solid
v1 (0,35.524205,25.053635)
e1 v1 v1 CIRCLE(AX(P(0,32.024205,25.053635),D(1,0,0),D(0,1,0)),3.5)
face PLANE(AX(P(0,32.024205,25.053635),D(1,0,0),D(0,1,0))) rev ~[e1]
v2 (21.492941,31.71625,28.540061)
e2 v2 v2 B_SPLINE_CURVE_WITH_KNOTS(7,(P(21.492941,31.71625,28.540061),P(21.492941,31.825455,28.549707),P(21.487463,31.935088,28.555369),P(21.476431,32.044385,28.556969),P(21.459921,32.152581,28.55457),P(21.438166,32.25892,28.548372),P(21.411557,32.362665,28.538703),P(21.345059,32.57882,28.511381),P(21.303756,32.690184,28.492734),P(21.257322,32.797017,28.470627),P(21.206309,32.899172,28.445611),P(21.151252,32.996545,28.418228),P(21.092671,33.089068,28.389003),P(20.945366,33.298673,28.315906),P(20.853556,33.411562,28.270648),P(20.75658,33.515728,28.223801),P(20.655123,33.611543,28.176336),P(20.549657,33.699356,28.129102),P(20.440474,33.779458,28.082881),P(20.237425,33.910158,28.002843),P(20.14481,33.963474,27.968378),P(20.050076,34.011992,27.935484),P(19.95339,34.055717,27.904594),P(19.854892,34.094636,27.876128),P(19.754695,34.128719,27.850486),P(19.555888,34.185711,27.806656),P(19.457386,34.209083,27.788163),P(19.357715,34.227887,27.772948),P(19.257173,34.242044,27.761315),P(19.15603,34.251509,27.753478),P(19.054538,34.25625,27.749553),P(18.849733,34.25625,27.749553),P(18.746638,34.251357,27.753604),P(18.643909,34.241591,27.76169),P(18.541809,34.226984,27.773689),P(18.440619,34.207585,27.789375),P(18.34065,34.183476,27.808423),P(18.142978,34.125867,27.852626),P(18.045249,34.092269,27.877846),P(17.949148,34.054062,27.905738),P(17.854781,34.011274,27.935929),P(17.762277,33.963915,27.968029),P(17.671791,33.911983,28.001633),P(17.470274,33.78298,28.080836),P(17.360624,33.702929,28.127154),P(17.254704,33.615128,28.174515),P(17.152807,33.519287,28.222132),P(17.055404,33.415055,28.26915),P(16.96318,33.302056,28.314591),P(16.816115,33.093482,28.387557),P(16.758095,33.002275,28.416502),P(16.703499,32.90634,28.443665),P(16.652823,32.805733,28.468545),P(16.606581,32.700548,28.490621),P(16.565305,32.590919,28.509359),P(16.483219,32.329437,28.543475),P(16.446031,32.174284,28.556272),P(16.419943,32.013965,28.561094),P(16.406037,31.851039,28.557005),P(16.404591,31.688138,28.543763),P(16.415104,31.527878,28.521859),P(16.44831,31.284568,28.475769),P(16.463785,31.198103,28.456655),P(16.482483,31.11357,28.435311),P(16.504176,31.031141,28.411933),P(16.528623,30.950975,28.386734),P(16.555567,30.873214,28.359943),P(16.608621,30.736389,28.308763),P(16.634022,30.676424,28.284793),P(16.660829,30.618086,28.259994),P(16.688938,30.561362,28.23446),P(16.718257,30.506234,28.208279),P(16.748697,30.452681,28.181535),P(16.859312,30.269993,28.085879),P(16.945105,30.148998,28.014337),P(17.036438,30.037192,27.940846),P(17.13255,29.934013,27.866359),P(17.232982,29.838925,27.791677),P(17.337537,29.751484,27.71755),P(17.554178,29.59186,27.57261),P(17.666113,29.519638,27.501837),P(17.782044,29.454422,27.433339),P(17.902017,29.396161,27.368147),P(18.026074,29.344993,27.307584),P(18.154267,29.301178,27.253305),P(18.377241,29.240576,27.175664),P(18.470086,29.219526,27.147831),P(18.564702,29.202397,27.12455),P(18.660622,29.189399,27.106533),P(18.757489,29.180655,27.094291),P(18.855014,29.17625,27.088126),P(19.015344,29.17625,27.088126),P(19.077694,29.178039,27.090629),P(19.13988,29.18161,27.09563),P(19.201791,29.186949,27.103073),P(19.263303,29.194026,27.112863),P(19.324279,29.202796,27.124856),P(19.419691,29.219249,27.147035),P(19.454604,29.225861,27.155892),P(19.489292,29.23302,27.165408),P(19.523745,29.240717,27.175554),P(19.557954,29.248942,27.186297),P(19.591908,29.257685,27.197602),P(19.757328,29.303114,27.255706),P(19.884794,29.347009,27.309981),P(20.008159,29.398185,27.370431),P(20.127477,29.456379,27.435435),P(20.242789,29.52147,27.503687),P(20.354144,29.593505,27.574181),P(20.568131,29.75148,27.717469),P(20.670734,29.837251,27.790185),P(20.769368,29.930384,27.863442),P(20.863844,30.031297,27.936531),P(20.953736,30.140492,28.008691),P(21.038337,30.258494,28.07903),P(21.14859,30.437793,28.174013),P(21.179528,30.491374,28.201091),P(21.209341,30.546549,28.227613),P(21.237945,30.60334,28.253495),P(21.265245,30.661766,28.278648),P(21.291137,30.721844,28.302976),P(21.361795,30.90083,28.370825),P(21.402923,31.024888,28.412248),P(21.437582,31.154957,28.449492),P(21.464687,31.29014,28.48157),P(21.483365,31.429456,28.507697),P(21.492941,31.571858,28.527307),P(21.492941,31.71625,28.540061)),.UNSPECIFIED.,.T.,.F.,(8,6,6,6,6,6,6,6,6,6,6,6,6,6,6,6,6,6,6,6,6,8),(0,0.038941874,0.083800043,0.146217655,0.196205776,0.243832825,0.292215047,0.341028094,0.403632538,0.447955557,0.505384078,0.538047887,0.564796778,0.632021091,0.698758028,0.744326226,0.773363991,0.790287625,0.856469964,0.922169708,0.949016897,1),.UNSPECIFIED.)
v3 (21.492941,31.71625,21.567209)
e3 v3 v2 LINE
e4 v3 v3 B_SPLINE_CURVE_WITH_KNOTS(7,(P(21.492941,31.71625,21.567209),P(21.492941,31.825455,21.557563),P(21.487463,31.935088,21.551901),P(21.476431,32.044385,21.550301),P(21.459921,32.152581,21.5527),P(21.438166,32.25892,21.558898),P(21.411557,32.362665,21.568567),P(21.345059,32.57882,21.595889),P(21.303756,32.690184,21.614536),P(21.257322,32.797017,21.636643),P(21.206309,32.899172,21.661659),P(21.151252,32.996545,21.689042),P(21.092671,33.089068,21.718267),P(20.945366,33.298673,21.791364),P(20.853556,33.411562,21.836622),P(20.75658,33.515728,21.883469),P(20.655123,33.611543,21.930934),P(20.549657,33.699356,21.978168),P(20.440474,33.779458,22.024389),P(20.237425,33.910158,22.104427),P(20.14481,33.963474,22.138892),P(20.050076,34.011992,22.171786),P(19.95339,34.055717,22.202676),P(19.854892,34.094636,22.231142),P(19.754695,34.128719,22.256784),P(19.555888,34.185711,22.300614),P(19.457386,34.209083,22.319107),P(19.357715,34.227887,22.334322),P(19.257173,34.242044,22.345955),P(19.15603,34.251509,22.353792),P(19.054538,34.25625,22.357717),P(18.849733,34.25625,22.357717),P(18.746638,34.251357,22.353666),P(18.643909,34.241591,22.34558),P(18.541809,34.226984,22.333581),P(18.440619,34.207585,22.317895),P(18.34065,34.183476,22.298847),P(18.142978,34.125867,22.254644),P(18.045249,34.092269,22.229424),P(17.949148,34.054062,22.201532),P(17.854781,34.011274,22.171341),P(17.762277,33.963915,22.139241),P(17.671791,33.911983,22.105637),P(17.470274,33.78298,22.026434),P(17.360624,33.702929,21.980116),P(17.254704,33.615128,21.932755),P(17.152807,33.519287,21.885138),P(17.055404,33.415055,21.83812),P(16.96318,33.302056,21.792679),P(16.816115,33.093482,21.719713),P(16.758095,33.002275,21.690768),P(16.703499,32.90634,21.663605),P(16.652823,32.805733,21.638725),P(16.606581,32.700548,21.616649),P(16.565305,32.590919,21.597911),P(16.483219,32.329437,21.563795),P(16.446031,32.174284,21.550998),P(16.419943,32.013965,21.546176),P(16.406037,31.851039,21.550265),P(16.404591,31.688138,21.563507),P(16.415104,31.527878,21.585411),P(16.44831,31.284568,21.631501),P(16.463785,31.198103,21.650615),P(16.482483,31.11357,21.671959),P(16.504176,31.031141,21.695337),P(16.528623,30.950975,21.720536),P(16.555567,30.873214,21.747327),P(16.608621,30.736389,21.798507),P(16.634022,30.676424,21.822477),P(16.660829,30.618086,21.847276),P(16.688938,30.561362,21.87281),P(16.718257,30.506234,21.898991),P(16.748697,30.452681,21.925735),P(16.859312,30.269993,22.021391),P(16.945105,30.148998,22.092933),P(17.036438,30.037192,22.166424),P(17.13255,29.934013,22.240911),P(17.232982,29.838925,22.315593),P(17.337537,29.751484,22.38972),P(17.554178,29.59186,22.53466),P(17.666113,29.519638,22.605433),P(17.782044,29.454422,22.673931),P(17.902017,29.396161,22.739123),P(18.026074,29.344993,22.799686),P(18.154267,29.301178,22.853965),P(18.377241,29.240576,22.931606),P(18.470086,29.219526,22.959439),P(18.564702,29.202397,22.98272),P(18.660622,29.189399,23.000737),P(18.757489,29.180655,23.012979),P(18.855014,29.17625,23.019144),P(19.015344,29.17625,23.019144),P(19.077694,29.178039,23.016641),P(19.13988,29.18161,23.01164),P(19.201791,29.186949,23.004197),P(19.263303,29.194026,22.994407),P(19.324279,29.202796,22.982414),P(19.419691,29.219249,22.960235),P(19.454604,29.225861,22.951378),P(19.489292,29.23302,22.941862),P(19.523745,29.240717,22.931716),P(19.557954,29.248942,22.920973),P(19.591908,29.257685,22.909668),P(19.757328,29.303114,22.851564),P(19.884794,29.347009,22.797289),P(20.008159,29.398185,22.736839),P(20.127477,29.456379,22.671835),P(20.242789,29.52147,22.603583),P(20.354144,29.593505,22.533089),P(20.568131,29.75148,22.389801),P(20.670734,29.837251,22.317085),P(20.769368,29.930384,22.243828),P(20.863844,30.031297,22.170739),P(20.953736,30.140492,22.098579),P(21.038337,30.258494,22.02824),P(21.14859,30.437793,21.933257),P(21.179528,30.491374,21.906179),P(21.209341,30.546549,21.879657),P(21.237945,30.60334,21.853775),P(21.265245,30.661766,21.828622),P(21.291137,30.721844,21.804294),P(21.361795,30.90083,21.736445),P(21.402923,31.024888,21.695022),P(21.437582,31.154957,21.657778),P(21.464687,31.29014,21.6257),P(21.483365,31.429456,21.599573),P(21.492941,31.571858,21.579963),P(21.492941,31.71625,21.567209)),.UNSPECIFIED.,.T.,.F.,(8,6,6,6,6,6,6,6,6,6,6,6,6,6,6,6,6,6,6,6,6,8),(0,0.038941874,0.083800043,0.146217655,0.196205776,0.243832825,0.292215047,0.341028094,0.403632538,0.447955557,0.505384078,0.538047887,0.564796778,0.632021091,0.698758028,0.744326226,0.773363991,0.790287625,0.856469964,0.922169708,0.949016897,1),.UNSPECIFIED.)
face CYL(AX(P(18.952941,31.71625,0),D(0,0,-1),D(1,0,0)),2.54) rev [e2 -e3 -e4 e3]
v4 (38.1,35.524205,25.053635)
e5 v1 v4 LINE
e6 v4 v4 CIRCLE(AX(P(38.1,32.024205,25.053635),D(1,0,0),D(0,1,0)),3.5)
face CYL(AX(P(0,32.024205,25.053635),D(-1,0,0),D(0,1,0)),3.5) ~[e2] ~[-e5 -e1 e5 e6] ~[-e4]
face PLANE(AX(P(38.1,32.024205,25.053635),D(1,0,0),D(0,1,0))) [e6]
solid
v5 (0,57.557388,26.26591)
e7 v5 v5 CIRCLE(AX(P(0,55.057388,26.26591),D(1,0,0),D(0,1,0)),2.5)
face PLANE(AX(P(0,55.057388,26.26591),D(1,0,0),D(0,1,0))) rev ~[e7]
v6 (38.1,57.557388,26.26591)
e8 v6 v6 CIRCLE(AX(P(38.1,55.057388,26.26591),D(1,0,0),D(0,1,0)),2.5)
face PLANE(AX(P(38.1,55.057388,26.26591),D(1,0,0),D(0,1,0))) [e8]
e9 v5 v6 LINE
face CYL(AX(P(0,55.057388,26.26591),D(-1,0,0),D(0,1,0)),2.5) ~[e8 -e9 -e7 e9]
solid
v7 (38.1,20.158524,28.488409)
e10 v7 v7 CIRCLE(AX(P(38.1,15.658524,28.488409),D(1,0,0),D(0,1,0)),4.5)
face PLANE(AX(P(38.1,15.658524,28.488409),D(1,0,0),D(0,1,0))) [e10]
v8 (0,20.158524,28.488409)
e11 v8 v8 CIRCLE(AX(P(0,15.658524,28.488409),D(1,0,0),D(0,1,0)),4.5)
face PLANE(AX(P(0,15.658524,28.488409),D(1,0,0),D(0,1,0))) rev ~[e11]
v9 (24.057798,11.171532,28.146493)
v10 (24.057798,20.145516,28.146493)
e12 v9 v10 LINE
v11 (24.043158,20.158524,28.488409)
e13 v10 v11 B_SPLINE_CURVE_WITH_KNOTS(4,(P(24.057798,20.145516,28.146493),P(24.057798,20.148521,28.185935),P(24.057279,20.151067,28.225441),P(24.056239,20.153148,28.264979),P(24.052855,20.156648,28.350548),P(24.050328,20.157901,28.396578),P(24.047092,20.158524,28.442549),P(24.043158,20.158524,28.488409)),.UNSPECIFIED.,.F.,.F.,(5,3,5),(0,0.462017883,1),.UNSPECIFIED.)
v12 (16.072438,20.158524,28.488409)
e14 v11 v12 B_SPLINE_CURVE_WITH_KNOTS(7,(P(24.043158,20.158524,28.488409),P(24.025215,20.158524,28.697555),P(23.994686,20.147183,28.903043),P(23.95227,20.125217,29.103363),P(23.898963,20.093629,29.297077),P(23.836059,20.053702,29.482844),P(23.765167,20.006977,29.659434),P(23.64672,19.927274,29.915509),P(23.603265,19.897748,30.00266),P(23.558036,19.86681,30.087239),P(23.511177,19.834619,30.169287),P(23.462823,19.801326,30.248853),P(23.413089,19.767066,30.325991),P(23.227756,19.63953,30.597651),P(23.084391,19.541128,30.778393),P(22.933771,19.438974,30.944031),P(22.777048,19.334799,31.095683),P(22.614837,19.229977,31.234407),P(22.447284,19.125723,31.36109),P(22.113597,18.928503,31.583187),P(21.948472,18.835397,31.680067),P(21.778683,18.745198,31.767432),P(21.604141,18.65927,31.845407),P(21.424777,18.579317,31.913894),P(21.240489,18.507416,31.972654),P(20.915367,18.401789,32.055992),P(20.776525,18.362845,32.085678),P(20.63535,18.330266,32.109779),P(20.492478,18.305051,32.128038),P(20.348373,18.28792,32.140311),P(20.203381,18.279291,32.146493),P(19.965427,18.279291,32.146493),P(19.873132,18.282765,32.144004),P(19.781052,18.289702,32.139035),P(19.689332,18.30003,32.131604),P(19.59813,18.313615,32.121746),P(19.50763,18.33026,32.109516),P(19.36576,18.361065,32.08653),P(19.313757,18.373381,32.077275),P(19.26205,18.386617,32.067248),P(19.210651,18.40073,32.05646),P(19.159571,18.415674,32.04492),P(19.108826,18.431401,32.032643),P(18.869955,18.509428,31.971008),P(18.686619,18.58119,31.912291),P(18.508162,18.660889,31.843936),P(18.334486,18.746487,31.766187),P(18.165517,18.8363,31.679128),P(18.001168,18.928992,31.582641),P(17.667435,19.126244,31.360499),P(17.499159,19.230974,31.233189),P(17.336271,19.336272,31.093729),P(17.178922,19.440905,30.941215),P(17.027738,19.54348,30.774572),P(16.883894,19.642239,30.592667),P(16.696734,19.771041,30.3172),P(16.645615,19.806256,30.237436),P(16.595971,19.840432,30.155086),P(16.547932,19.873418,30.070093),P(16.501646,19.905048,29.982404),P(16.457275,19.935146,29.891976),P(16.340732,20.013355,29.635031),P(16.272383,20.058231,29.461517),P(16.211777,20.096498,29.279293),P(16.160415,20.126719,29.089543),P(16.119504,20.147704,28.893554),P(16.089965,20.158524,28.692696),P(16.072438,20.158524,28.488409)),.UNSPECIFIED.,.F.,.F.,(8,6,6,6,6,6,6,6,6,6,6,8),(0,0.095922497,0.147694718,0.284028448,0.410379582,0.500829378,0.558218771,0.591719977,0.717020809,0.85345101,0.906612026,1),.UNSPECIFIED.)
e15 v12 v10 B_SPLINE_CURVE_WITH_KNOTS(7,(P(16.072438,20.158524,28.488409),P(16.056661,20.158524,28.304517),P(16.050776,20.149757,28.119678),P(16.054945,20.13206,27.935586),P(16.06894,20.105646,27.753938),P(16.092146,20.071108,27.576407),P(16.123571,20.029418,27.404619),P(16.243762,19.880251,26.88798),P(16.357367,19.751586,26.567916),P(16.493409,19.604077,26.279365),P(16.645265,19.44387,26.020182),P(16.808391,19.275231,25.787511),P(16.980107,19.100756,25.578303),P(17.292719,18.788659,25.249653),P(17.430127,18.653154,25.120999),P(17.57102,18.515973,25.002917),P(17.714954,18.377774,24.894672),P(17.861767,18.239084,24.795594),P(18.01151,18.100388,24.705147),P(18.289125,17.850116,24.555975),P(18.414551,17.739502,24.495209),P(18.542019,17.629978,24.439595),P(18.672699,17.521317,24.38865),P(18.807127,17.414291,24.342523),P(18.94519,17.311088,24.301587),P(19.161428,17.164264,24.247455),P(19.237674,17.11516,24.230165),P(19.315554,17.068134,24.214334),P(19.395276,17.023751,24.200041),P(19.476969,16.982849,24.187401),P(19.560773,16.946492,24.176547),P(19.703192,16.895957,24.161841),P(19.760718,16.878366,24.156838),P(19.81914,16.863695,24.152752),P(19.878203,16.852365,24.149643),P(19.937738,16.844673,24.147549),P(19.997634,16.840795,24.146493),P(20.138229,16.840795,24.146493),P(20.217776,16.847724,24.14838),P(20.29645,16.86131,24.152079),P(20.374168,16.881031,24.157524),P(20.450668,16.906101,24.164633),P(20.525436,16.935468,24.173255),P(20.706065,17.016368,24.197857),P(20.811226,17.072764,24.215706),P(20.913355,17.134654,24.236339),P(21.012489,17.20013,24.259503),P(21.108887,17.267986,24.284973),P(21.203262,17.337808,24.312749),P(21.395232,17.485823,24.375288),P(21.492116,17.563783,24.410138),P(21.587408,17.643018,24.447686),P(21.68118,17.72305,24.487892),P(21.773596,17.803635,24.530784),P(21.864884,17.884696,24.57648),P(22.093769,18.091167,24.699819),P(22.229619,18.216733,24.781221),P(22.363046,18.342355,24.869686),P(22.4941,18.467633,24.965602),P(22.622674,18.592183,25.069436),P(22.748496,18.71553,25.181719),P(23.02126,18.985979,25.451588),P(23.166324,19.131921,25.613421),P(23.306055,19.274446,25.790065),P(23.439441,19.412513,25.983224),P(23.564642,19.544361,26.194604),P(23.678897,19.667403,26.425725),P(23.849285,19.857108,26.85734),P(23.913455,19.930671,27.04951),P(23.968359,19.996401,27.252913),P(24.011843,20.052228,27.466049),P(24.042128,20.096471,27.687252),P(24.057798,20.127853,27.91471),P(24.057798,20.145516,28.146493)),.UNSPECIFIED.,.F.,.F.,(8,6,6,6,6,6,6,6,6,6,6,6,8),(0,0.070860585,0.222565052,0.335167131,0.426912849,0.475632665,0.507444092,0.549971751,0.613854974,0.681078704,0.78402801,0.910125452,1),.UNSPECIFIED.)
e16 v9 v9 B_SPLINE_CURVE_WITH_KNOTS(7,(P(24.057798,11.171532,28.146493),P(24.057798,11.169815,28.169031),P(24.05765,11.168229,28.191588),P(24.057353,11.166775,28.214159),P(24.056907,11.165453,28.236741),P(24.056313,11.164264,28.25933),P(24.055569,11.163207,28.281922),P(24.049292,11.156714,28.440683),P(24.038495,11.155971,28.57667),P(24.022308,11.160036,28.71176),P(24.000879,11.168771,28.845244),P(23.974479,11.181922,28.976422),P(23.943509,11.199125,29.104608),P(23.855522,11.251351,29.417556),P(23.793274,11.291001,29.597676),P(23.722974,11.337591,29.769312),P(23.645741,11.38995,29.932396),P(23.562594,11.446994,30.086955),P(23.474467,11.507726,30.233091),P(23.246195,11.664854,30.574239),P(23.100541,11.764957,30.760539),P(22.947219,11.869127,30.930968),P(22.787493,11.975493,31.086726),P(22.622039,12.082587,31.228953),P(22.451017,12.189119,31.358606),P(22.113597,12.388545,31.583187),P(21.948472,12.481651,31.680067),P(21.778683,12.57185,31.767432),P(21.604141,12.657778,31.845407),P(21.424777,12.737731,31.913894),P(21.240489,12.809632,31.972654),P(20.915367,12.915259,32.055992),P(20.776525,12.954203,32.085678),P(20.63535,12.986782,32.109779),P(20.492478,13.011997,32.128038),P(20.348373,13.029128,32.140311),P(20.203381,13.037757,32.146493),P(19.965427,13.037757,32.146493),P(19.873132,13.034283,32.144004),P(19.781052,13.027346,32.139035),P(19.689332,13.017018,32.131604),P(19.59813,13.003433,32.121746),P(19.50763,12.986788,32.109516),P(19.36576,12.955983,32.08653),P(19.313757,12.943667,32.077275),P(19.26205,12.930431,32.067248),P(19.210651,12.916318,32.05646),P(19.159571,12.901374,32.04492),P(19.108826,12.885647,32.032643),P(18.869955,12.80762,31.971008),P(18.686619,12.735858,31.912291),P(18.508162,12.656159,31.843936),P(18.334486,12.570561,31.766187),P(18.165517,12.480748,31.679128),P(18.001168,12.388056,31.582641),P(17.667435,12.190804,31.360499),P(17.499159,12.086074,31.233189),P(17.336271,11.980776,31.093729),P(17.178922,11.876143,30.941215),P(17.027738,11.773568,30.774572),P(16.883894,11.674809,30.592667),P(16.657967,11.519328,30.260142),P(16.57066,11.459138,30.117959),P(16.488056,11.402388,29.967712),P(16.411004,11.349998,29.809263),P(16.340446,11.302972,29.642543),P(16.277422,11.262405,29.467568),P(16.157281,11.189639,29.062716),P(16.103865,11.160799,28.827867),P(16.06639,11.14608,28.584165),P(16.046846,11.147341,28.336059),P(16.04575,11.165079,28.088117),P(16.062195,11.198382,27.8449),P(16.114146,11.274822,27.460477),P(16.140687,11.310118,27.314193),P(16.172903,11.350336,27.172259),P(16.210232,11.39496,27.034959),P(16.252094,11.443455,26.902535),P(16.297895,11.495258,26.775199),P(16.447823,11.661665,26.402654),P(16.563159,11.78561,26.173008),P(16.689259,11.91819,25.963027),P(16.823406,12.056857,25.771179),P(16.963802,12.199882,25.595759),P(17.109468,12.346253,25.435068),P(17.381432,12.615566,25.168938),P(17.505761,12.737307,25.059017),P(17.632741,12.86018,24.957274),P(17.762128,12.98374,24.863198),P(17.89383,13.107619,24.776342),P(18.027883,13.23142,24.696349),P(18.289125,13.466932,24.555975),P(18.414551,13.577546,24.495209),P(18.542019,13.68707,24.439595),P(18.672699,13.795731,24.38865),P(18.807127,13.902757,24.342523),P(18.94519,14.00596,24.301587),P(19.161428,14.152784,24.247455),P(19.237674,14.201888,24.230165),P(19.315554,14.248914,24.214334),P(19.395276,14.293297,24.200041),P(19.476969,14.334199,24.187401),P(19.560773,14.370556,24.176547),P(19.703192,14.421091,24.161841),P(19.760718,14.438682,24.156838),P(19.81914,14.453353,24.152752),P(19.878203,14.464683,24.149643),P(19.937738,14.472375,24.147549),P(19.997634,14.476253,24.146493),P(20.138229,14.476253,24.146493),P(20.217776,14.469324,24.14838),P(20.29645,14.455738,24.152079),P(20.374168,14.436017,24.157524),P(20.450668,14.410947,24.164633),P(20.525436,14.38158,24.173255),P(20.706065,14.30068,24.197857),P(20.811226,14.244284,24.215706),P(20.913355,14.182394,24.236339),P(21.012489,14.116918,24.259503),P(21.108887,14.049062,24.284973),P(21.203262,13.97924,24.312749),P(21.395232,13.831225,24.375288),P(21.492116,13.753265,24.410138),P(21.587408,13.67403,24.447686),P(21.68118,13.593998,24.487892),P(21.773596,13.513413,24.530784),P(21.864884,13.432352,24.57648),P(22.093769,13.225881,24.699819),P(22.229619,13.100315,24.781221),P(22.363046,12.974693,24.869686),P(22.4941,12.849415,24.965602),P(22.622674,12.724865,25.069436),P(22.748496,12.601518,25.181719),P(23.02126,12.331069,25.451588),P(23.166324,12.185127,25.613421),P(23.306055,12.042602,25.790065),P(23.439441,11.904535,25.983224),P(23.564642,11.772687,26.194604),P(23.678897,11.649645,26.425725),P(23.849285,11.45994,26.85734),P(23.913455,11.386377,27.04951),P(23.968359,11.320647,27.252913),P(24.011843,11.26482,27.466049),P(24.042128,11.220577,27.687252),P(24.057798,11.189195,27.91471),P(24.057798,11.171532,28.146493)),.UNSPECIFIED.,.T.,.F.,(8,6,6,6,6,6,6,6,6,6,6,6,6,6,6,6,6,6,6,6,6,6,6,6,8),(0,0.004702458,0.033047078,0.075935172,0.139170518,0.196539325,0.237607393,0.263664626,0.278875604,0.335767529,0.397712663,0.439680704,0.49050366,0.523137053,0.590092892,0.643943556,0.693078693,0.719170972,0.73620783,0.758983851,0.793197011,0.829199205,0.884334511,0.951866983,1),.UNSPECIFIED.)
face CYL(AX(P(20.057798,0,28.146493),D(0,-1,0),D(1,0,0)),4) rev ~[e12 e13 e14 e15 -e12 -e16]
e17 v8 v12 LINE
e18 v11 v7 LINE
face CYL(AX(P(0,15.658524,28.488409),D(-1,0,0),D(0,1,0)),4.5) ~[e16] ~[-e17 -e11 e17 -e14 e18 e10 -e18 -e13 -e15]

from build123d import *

# Parameters (mm, degrees)
F0_R     = 3.5
F0_R_2   = 2.5
F0_R_3   = 4.5
F1_DEPTH = 38.1
F2_R     = 4
F3_DEPTH = 24.765
F4_R     = 2.54
F5_DEPTH = 32.989409


with BuildPart() as f1:
    # F0 (on Right) → F1 (new body)
    with BuildSketch(Plane.YZ):
        with Locations((32.024205, 25.053635)):
            Circle(F0_R)
        with Locations((55.057388, 26.26591)):
            Circle(F0_R_2)
        with Locations((15.658524, 28.488409)):
            Circle(F0_R_3)
    extrude(amount=F1_DEPTH)

    # F2 (on Front) → F3 (cut)
    with BuildSketch(Plane.XZ):
        with Locations((20.057798, 28.146493)):
            Circle(F2_R)
    extrude(amount=-F3_DEPTH, mode=Mode.SUBTRACT)

    # F4 (on Top) → F5 (cut, through all)
    with BuildSketch(Plane.XY):
        with Locations((18.952941, 31.71625)):
            Circle(F4_R)
    extrude(amount=F5_DEPTH, mode=Mode.SUBTRACT)


solid = f1.part
